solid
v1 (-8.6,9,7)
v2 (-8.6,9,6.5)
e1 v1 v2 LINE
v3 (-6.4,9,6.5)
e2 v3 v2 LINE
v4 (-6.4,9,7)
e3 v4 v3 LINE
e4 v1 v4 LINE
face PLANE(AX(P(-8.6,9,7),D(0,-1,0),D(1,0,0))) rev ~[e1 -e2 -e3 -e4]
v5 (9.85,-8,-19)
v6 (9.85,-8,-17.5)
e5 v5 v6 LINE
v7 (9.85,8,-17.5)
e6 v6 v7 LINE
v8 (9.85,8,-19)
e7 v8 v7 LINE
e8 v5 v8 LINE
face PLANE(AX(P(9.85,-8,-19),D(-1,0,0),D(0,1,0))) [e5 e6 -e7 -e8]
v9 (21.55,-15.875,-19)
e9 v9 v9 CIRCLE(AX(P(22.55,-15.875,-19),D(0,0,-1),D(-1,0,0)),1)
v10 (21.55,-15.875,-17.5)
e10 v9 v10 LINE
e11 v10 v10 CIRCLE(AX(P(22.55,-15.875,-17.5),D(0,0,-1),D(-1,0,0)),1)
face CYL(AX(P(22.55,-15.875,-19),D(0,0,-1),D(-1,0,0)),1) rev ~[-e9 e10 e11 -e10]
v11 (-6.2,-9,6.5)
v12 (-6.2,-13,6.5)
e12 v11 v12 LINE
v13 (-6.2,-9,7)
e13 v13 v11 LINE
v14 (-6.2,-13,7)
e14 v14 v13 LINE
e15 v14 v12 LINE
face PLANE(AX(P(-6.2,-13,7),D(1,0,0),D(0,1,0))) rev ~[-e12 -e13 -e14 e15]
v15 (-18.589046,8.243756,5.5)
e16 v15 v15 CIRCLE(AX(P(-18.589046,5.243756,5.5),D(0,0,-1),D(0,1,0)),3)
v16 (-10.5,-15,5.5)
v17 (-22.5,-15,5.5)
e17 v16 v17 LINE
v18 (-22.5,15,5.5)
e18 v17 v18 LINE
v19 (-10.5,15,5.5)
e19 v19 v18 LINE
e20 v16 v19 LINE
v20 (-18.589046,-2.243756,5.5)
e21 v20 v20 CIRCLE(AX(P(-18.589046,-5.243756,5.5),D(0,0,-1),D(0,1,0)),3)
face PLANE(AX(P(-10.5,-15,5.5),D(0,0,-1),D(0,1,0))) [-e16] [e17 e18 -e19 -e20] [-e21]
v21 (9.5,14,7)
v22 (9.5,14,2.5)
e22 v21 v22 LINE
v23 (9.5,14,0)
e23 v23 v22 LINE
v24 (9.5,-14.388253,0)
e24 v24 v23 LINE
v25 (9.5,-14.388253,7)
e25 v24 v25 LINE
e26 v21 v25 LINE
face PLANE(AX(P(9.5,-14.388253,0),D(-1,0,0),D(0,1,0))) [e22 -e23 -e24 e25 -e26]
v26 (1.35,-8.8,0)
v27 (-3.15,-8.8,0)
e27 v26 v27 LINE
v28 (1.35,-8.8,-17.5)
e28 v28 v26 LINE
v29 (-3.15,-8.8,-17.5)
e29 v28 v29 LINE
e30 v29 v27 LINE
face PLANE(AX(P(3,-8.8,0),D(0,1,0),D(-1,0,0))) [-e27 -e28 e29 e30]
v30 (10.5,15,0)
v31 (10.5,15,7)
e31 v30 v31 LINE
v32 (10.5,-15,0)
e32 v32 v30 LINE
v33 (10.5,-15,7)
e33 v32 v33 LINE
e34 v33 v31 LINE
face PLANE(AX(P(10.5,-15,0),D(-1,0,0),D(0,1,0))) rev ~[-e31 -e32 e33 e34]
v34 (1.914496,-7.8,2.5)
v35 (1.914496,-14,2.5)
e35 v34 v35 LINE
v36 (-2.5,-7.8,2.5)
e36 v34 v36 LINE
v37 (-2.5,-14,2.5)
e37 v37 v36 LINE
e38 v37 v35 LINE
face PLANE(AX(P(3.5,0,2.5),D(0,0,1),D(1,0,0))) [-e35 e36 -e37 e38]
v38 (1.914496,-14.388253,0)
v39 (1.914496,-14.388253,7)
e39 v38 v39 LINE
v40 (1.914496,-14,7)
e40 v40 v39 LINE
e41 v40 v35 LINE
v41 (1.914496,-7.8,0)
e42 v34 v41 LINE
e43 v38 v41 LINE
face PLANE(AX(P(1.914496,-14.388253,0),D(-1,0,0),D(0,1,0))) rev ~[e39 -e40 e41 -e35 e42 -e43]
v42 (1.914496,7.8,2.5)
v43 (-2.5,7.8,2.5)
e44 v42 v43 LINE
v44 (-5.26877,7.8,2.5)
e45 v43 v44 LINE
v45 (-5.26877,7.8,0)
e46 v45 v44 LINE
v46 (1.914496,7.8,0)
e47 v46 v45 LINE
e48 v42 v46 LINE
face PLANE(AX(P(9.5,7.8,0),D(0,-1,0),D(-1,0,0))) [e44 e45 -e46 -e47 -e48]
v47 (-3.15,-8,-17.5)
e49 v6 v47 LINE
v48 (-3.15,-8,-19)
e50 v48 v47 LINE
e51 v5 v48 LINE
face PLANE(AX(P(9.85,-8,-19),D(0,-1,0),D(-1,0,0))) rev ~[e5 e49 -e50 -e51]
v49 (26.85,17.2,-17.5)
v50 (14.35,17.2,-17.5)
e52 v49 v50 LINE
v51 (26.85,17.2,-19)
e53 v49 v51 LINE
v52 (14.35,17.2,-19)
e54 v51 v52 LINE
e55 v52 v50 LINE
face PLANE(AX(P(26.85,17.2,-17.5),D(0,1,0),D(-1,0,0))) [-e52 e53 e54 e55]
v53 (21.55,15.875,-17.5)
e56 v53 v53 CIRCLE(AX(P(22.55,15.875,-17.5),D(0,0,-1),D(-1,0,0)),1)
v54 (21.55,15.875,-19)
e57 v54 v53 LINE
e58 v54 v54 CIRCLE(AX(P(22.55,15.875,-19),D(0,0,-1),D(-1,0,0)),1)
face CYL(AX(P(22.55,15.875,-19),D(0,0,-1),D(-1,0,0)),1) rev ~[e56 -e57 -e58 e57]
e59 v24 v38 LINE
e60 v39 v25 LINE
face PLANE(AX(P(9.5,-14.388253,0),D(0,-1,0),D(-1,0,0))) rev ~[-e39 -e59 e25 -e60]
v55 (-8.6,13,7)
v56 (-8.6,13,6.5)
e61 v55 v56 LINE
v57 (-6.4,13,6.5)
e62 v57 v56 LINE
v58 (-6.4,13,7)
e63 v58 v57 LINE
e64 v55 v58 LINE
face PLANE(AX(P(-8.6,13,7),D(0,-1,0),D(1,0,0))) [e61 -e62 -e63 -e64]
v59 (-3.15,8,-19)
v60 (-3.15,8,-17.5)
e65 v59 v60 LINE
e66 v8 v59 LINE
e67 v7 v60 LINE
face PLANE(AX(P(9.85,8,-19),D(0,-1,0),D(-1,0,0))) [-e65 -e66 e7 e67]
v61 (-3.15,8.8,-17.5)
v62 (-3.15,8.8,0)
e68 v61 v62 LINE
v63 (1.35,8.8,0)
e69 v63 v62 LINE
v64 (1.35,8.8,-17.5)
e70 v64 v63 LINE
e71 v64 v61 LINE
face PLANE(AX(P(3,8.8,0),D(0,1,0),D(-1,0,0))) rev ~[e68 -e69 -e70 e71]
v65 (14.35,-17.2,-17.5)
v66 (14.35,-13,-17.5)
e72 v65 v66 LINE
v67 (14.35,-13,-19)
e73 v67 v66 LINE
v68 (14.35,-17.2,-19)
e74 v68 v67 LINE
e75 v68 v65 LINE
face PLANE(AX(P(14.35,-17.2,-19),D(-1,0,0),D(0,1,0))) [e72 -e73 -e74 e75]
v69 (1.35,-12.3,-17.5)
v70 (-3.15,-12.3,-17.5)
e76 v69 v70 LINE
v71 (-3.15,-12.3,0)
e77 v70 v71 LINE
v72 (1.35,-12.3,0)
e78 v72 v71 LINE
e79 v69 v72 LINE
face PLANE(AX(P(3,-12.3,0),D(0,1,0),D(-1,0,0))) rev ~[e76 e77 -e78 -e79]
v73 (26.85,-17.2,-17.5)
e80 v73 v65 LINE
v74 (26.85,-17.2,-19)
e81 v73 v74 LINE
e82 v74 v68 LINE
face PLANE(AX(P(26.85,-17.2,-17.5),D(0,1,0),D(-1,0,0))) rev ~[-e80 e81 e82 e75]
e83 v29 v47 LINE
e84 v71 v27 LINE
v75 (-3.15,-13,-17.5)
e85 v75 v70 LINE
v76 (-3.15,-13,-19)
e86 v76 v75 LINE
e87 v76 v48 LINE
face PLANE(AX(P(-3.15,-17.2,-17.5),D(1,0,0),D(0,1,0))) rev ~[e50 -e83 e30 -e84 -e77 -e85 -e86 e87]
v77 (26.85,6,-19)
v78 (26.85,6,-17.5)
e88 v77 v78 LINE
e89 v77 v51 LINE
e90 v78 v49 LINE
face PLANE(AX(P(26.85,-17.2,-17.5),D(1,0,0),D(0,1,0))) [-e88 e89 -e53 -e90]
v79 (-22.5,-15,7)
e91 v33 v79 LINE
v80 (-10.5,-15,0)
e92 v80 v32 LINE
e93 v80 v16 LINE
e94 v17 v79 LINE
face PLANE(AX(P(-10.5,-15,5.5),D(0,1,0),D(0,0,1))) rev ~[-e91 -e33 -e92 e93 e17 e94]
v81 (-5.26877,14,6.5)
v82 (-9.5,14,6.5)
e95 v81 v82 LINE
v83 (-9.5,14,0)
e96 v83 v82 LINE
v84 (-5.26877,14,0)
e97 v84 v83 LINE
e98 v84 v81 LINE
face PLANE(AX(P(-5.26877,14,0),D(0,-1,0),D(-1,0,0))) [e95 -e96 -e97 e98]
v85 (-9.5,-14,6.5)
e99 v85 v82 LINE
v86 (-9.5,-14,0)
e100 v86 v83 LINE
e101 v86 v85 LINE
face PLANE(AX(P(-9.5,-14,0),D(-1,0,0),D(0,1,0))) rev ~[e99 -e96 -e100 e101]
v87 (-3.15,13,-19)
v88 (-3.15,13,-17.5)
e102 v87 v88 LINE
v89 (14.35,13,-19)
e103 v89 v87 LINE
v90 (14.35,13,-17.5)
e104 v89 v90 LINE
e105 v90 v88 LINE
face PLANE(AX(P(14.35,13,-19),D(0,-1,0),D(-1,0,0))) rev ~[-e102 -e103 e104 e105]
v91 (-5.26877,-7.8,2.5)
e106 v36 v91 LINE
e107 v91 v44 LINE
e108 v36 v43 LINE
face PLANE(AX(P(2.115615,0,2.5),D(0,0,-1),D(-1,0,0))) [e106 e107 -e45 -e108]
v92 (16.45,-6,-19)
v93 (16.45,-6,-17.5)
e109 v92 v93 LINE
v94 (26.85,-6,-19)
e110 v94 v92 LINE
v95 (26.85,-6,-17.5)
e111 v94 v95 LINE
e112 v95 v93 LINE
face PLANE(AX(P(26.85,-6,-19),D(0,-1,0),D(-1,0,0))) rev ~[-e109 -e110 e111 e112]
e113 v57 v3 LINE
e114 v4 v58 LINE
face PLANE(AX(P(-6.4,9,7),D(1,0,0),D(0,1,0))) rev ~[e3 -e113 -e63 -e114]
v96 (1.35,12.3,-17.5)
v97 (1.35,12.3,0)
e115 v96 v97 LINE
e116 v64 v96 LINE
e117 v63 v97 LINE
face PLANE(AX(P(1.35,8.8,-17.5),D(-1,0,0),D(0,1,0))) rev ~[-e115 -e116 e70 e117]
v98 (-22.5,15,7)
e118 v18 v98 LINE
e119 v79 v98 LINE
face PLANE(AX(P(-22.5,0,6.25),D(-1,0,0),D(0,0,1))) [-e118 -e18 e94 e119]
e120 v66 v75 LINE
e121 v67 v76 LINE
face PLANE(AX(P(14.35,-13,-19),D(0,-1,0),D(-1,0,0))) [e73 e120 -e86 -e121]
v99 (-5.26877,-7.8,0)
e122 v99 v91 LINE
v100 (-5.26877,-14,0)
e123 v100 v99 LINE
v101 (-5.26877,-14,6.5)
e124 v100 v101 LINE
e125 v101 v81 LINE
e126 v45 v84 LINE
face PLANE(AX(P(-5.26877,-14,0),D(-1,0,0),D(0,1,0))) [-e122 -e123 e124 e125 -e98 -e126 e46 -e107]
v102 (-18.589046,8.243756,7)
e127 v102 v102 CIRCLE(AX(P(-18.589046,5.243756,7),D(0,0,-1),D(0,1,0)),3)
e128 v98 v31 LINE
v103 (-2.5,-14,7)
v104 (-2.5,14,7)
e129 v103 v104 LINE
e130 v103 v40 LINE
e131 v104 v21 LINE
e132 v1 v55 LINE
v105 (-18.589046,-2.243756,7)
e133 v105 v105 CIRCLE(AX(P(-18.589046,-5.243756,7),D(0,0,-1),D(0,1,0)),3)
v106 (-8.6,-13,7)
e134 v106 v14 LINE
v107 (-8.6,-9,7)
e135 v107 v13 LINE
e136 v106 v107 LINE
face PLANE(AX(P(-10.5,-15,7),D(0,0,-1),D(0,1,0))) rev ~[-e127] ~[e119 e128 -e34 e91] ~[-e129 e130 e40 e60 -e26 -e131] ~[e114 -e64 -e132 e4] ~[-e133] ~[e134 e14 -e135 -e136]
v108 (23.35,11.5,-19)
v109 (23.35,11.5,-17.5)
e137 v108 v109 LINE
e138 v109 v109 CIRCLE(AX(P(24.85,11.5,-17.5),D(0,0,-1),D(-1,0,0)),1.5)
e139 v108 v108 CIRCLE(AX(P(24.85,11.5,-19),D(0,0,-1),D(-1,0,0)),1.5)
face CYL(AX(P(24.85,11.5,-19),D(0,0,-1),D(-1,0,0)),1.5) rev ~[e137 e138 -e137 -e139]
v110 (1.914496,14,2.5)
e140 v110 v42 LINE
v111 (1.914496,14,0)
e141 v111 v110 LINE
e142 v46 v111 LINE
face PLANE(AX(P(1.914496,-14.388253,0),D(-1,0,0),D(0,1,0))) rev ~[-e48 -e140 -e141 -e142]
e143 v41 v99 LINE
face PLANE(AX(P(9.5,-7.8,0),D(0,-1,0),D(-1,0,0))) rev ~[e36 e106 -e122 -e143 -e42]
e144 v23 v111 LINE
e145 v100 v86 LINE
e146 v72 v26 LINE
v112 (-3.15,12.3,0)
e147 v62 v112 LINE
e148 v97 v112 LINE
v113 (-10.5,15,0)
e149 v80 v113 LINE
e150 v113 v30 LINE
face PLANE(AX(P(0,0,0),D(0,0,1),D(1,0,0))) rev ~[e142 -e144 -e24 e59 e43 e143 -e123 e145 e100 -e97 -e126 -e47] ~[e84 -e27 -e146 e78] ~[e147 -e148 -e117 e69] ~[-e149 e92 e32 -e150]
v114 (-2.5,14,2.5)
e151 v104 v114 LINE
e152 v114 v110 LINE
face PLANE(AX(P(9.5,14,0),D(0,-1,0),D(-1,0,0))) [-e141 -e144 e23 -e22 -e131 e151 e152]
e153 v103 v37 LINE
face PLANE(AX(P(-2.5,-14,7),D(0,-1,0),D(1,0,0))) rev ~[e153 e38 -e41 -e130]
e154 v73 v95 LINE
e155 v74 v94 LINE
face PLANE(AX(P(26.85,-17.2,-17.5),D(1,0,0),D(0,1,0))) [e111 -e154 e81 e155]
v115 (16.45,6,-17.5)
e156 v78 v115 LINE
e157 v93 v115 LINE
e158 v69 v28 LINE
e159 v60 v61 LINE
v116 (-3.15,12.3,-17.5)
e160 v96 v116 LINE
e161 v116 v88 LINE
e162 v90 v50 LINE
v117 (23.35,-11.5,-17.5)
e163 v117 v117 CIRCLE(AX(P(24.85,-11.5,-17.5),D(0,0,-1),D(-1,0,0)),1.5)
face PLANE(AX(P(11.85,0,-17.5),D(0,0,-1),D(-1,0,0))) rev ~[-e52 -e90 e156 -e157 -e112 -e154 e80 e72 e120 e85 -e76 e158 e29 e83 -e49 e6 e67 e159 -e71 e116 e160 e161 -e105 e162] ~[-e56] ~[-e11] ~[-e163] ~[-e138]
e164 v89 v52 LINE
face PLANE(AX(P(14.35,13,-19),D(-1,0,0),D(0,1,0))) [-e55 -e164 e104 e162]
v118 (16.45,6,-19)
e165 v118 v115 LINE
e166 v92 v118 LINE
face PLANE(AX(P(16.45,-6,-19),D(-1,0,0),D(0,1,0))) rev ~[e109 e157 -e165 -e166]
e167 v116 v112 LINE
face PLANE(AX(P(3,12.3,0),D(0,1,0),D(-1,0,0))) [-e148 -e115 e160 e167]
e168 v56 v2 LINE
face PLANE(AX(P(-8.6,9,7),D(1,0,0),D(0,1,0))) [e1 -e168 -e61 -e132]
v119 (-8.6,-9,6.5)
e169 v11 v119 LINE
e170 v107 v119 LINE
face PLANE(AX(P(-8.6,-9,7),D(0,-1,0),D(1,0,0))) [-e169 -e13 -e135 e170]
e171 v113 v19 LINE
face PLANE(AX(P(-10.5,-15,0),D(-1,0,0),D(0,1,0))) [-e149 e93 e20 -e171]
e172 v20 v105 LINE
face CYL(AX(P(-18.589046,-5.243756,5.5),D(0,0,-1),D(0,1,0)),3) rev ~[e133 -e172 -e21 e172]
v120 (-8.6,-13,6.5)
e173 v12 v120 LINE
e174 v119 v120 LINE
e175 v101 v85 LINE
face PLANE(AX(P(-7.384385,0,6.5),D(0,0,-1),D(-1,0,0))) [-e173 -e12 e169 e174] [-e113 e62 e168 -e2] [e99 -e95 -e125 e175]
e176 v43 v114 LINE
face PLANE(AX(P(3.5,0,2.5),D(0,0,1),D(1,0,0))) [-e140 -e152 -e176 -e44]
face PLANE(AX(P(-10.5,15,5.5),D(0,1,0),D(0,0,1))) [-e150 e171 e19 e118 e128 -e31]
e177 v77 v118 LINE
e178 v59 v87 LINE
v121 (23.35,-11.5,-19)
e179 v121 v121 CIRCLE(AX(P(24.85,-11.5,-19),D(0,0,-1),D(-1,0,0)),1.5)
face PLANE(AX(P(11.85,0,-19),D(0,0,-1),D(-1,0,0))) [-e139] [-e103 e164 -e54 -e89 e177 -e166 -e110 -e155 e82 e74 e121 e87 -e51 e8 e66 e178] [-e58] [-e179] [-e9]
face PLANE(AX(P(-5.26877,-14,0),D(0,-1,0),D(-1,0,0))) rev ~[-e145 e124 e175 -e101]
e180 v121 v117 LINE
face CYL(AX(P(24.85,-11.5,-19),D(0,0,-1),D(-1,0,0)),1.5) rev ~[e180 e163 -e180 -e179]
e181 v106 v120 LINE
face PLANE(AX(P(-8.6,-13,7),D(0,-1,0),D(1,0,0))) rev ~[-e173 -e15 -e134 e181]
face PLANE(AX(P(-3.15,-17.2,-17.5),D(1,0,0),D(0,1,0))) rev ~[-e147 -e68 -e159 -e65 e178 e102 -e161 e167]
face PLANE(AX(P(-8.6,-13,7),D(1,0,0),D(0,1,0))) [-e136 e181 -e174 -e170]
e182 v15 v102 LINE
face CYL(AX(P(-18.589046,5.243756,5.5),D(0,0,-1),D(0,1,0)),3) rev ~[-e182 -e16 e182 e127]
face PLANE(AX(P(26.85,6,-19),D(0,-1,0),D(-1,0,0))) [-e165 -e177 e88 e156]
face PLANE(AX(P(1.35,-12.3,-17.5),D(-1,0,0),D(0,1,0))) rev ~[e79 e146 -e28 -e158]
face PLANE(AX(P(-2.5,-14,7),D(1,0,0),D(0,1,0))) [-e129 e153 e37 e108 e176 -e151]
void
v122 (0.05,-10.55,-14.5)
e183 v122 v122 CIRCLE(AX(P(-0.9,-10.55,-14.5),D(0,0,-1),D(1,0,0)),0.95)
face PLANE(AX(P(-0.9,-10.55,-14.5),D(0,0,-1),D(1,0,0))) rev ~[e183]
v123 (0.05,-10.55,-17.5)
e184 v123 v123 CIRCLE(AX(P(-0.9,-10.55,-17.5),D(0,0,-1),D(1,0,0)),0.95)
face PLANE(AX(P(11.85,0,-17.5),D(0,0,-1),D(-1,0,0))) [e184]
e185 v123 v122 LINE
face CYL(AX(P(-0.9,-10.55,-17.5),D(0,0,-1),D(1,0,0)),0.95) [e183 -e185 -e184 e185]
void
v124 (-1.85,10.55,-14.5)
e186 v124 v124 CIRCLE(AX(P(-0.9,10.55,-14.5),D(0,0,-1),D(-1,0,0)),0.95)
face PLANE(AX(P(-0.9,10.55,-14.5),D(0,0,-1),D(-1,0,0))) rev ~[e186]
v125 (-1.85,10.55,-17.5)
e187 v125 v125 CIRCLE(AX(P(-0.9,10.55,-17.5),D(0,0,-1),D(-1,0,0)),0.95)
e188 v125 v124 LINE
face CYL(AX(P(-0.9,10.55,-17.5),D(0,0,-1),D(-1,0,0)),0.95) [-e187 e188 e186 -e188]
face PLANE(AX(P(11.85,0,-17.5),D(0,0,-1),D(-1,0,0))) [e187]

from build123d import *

# Parameters (mm, degrees)
SKETCH2_W           = 21
SKETCH2_H           = 30
BOSS_EXTRUDE1_DEPTH = 7
SKETCH3_W           = 12
SKETCH3_H           = 28
CUT_EXTRUDE1_DEPTH  = 4.5
SKETCH4_W           = 4.231229846
SKETCH4_H           = 28
CUT_EXTRUDE2_DEPTH  = 6.5
SKETCH8_W           = 7.5
SKETCH8_H           = 3.5
BOSS_EXTRUDE3_DEPTH = 17.5
SKETCH10_R          = 0.95
CUT_EXTRUDE4_DEPTH  = 3
SKETCH11_W          = 1.35
SKETCH11_H          = 3.5
SKETCH11_W_2        = 1.65
CUT_EXTRUDE5_DEPTH  = 17.5
SKETCH7_W           = 2.2
SKETCH7_H           = 4
SKETCH7_W_2         = 2.4
CUT_EXTRUDE6_DEPTH  = 2
SKETCH13_W          = 14.768770154
SKETCH13_H          = 15.6
CUT_EXTRUDE8_DEPTH  = 2.5
SKETCH14_W          = 7.585503546
SKETCH14_H          = 28.388252519
CUT_EXTRUDE9_DEPTH  = 10
SKETCH15_W          = 30
SKETCH15_H          = 34.4
BOSS_EXTRUDE4_DEPTH = 1.5
SKETCH16_W          = 13
SKETCH16_H          = 16
SKETCH16_W_2        = 17.5
SKETCH16_H_2        = 4.2
SKETCH16_W_3        = 10.4
SKETCH16_H_3        = 12
CUT_EXTRUDE10_DEPTH = 2
SKETCH17_R          = 1
SKETCH17_R_2        = 1.5
CUT_EXTRUDE11_DEPTH = 2
SKETCH18_W          = 1.5
SKETCH18_H          = 30
BOSS_EXTRUDE5_DEPTH = 12
SKETCH19_R          = 3
CUT_EXTRUDE12_DEPTH = 10


with BuildPart() as part:
    # Sketch2 → Boss-Extrude1 (new body)
    with BuildSketch(Plane.XY):
        Rectangle(SKETCH2_W, SKETCH2_H)
    extrude(amount=BOSS_EXTRUDE1_DEPTH)

    # Sketch3 → Cut-Extrude1 (cut)
    with BuildSketch(Plane.XY.offset(7)):
        with Locations((3.5, 0)):
            Rectangle(SKETCH3_W, SKETCH3_H)
    extrude(amount=-CUT_EXTRUDE1_DEPTH, mode=Mode.SUBTRACT)

    # Sketch4 → Cut-Extrude2 (cut)
    with BuildSketch(Plane(origin=(0, 0, 0), x_dir=(-1, 0, 0), z_dir=(0, 0, -1))):
        with Locations((7.384385077, 0)):
            Rectangle(SKETCH4_W, SKETCH4_H)
    extrude(amount=-CUT_EXTRUDE2_DEPTH, mode=Mode.SUBTRACT)

    # Sketch8 → Boss-Extrude3 (add)
    with BuildSketch(Plane(origin=(0, 0, 0), x_dir=(-1, 0, 0), z_dir=(0, 0, -1))):
        with Locations((0.75, 10.55)):
            Rectangle(SKETCH8_W, SKETCH8_H)
        with Locations((0.75, -10.55)):
            Rectangle(SKETCH8_W, SKETCH8_H)
    extrude(amount=BOSS_EXTRUDE3_DEPTH)

    # Sketch10 → Cut-Extrude4 (cut)
    with BuildSketch(Plane(origin=(0, 0, -17.5), x_dir=(-1, 0, 0), z_dir=(0, 0, -1))):
        with Locations((0.9, 10.55)):
            Circle(SKETCH10_R)
        with Locations(Location((0.9, -10.55, 0), (0, 0, 180))):
            Circle(SKETCH10_R)
    extrude(amount=-CUT_EXTRUDE4_DEPTH, mode=Mode.SUBTRACT)

    # Sketch11 → Cut-Extrude5 (cut)
    with BuildSketch(Plane(origin=(0, 0, -17.5), x_dir=(-1, 0, 0), z_dir=(0, 0, -1))):
        with Locations((3.825, -10.55)):
            Rectangle(SKETCH11_W, SKETCH11_H)
        with Locations((-2.175, -10.55)):
            Rectangle(SKETCH11_W_2, SKETCH11_H)
        with Locations((3.825, 10.55)):
            Rectangle(SKETCH11_W, SKETCH11_H)
        with Locations((-2.175, 10.55)):
            Rectangle(SKETCH11_W_2, SKETCH11_H)
    extrude(amount=-CUT_EXTRUDE5_DEPTH, mode=Mode.SUBTRACT)

    # Sketch7 → Cut-Extrude6 (cut)
    with BuildSketch(Plane.XY.offset(7)):
        with Locations((-7.5, 11)):
            Rectangle(SKETCH7_W, SKETCH7_H)
        with Locations((-7.4, -11)):
            Rectangle(SKETCH7_W_2, SKETCH7_H)
    extrude(amount=-CUT_EXTRUDE6_DEPTH, mode=Mode.SUBTRACT)

    # Sketch13 → Cut-Extrude8 (cut)
    with BuildSketch(Plane(origin=(0, 0, 0), x_dir=(-1, 0, 0), z_dir=(0, 0, -1))):
        with Locations((-2.115614923, 0)):
            Rectangle(SKETCH13_W, SKETCH13_H)
    extrude(amount=-CUT_EXTRUDE8_DEPTH, mode=Mode.SUBTRACT)

    # Sketch14 → Cut-Extrude9 (cut)
    with BuildSketch(Plane(origin=(0, 0, 0), x_dir=(-1, 0, 0), z_dir=(0, 0, -1))):
        with Locations((-5.707248227, -0.19412626)):
            Rectangle(SKETCH14_W, SKETCH14_H)
    extrude(amount=-CUT_EXTRUDE9_DEPTH, mode=Mode.SUBTRACT)

    # Sketch15 → Boss-Extrude4 (add)
    with BuildSketch(Plane(origin=(0, 0, -17.5), x_dir=(-1, 0, 0), z_dir=(0, 0, -1))):
        with Locations((-11.85, 0)):
            Rectangle(SKETCH15_W, SKETCH15_H)
    extrude(amount=BOSS_EXTRUDE4_DEPTH)

    # Sketch16 → Cut-Extrude10 (cut)
    with BuildSketch(Plane(origin=(0, 0, -19), x_dir=(-1, 0, 0), z_dir=(0, 0, -1))):
        with Locations((-3.35, 0)):
            Rectangle(SKETCH16_W, SKETCH16_H)
        with Locations((-5.6, -15.1)):
            Rectangle(SKETCH16_W_2, SKETCH16_H_2)
        with Locations((-5.6, 15.1)):
            Rectangle(SKETCH16_W_2, SKETCH16_H_2)
        with Locations((-21.65, 0)):
            Rectangle(SKETCH16_W_3, SKETCH16_H_3)
    extrude(amount=-CUT_EXTRUDE10_DEPTH, mode=Mode.SUBTRACT)

    # Sketch17 → Cut-Extrude11 (cut)
    with BuildSketch(Plane(origin=(0, 0, -19), x_dir=(-1, 0, 0), z_dir=(0, 0, -1))):
        with Locations((-22.55, -15.875)):
            Circle(SKETCH17_R)
        with Locations((-24.85, -11.5)):
            Circle(SKETCH17_R_2)
        with Locations((-22.55, 15.875)):
            Circle(SKETCH17_R)
        with Locations((-24.85, 11.5)):
            Circle(SKETCH17_R_2)
    extrude(amount=-CUT_EXTRUDE11_DEPTH, mode=Mode.SUBTRACT)

    # Sketch18 → Boss-Extrude5 (add)
    with BuildSketch(Plane.ZY.offset(10.5)):
        with Locations((6.25, 0)):
            Rectangle(SKETCH18_W, SKETCH18_H)
    extrude(amount=BOSS_EXTRUDE5_DEPTH)

    # Sketch19 → Cut-Extrude12 (cut)
    with BuildSketch(Plane(origin=(0, 0, 5.5), x_dir=(-1, 0, 0), z_dir=(0, 0, -1))):
        with Locations(Location((18.589045846, 5.243756264, 0), (0, 0, 90))):
            Circle(SKETCH19_R)
        with Locations(Location((18.589045846, -5.243756264, 0), (0, 0, 90))):
            Circle(SKETCH19_R)
    extrude(amount=-CUT_EXTRUDE12_DEPTH, mode=Mode.SUBTRACT)


solid = part.part
